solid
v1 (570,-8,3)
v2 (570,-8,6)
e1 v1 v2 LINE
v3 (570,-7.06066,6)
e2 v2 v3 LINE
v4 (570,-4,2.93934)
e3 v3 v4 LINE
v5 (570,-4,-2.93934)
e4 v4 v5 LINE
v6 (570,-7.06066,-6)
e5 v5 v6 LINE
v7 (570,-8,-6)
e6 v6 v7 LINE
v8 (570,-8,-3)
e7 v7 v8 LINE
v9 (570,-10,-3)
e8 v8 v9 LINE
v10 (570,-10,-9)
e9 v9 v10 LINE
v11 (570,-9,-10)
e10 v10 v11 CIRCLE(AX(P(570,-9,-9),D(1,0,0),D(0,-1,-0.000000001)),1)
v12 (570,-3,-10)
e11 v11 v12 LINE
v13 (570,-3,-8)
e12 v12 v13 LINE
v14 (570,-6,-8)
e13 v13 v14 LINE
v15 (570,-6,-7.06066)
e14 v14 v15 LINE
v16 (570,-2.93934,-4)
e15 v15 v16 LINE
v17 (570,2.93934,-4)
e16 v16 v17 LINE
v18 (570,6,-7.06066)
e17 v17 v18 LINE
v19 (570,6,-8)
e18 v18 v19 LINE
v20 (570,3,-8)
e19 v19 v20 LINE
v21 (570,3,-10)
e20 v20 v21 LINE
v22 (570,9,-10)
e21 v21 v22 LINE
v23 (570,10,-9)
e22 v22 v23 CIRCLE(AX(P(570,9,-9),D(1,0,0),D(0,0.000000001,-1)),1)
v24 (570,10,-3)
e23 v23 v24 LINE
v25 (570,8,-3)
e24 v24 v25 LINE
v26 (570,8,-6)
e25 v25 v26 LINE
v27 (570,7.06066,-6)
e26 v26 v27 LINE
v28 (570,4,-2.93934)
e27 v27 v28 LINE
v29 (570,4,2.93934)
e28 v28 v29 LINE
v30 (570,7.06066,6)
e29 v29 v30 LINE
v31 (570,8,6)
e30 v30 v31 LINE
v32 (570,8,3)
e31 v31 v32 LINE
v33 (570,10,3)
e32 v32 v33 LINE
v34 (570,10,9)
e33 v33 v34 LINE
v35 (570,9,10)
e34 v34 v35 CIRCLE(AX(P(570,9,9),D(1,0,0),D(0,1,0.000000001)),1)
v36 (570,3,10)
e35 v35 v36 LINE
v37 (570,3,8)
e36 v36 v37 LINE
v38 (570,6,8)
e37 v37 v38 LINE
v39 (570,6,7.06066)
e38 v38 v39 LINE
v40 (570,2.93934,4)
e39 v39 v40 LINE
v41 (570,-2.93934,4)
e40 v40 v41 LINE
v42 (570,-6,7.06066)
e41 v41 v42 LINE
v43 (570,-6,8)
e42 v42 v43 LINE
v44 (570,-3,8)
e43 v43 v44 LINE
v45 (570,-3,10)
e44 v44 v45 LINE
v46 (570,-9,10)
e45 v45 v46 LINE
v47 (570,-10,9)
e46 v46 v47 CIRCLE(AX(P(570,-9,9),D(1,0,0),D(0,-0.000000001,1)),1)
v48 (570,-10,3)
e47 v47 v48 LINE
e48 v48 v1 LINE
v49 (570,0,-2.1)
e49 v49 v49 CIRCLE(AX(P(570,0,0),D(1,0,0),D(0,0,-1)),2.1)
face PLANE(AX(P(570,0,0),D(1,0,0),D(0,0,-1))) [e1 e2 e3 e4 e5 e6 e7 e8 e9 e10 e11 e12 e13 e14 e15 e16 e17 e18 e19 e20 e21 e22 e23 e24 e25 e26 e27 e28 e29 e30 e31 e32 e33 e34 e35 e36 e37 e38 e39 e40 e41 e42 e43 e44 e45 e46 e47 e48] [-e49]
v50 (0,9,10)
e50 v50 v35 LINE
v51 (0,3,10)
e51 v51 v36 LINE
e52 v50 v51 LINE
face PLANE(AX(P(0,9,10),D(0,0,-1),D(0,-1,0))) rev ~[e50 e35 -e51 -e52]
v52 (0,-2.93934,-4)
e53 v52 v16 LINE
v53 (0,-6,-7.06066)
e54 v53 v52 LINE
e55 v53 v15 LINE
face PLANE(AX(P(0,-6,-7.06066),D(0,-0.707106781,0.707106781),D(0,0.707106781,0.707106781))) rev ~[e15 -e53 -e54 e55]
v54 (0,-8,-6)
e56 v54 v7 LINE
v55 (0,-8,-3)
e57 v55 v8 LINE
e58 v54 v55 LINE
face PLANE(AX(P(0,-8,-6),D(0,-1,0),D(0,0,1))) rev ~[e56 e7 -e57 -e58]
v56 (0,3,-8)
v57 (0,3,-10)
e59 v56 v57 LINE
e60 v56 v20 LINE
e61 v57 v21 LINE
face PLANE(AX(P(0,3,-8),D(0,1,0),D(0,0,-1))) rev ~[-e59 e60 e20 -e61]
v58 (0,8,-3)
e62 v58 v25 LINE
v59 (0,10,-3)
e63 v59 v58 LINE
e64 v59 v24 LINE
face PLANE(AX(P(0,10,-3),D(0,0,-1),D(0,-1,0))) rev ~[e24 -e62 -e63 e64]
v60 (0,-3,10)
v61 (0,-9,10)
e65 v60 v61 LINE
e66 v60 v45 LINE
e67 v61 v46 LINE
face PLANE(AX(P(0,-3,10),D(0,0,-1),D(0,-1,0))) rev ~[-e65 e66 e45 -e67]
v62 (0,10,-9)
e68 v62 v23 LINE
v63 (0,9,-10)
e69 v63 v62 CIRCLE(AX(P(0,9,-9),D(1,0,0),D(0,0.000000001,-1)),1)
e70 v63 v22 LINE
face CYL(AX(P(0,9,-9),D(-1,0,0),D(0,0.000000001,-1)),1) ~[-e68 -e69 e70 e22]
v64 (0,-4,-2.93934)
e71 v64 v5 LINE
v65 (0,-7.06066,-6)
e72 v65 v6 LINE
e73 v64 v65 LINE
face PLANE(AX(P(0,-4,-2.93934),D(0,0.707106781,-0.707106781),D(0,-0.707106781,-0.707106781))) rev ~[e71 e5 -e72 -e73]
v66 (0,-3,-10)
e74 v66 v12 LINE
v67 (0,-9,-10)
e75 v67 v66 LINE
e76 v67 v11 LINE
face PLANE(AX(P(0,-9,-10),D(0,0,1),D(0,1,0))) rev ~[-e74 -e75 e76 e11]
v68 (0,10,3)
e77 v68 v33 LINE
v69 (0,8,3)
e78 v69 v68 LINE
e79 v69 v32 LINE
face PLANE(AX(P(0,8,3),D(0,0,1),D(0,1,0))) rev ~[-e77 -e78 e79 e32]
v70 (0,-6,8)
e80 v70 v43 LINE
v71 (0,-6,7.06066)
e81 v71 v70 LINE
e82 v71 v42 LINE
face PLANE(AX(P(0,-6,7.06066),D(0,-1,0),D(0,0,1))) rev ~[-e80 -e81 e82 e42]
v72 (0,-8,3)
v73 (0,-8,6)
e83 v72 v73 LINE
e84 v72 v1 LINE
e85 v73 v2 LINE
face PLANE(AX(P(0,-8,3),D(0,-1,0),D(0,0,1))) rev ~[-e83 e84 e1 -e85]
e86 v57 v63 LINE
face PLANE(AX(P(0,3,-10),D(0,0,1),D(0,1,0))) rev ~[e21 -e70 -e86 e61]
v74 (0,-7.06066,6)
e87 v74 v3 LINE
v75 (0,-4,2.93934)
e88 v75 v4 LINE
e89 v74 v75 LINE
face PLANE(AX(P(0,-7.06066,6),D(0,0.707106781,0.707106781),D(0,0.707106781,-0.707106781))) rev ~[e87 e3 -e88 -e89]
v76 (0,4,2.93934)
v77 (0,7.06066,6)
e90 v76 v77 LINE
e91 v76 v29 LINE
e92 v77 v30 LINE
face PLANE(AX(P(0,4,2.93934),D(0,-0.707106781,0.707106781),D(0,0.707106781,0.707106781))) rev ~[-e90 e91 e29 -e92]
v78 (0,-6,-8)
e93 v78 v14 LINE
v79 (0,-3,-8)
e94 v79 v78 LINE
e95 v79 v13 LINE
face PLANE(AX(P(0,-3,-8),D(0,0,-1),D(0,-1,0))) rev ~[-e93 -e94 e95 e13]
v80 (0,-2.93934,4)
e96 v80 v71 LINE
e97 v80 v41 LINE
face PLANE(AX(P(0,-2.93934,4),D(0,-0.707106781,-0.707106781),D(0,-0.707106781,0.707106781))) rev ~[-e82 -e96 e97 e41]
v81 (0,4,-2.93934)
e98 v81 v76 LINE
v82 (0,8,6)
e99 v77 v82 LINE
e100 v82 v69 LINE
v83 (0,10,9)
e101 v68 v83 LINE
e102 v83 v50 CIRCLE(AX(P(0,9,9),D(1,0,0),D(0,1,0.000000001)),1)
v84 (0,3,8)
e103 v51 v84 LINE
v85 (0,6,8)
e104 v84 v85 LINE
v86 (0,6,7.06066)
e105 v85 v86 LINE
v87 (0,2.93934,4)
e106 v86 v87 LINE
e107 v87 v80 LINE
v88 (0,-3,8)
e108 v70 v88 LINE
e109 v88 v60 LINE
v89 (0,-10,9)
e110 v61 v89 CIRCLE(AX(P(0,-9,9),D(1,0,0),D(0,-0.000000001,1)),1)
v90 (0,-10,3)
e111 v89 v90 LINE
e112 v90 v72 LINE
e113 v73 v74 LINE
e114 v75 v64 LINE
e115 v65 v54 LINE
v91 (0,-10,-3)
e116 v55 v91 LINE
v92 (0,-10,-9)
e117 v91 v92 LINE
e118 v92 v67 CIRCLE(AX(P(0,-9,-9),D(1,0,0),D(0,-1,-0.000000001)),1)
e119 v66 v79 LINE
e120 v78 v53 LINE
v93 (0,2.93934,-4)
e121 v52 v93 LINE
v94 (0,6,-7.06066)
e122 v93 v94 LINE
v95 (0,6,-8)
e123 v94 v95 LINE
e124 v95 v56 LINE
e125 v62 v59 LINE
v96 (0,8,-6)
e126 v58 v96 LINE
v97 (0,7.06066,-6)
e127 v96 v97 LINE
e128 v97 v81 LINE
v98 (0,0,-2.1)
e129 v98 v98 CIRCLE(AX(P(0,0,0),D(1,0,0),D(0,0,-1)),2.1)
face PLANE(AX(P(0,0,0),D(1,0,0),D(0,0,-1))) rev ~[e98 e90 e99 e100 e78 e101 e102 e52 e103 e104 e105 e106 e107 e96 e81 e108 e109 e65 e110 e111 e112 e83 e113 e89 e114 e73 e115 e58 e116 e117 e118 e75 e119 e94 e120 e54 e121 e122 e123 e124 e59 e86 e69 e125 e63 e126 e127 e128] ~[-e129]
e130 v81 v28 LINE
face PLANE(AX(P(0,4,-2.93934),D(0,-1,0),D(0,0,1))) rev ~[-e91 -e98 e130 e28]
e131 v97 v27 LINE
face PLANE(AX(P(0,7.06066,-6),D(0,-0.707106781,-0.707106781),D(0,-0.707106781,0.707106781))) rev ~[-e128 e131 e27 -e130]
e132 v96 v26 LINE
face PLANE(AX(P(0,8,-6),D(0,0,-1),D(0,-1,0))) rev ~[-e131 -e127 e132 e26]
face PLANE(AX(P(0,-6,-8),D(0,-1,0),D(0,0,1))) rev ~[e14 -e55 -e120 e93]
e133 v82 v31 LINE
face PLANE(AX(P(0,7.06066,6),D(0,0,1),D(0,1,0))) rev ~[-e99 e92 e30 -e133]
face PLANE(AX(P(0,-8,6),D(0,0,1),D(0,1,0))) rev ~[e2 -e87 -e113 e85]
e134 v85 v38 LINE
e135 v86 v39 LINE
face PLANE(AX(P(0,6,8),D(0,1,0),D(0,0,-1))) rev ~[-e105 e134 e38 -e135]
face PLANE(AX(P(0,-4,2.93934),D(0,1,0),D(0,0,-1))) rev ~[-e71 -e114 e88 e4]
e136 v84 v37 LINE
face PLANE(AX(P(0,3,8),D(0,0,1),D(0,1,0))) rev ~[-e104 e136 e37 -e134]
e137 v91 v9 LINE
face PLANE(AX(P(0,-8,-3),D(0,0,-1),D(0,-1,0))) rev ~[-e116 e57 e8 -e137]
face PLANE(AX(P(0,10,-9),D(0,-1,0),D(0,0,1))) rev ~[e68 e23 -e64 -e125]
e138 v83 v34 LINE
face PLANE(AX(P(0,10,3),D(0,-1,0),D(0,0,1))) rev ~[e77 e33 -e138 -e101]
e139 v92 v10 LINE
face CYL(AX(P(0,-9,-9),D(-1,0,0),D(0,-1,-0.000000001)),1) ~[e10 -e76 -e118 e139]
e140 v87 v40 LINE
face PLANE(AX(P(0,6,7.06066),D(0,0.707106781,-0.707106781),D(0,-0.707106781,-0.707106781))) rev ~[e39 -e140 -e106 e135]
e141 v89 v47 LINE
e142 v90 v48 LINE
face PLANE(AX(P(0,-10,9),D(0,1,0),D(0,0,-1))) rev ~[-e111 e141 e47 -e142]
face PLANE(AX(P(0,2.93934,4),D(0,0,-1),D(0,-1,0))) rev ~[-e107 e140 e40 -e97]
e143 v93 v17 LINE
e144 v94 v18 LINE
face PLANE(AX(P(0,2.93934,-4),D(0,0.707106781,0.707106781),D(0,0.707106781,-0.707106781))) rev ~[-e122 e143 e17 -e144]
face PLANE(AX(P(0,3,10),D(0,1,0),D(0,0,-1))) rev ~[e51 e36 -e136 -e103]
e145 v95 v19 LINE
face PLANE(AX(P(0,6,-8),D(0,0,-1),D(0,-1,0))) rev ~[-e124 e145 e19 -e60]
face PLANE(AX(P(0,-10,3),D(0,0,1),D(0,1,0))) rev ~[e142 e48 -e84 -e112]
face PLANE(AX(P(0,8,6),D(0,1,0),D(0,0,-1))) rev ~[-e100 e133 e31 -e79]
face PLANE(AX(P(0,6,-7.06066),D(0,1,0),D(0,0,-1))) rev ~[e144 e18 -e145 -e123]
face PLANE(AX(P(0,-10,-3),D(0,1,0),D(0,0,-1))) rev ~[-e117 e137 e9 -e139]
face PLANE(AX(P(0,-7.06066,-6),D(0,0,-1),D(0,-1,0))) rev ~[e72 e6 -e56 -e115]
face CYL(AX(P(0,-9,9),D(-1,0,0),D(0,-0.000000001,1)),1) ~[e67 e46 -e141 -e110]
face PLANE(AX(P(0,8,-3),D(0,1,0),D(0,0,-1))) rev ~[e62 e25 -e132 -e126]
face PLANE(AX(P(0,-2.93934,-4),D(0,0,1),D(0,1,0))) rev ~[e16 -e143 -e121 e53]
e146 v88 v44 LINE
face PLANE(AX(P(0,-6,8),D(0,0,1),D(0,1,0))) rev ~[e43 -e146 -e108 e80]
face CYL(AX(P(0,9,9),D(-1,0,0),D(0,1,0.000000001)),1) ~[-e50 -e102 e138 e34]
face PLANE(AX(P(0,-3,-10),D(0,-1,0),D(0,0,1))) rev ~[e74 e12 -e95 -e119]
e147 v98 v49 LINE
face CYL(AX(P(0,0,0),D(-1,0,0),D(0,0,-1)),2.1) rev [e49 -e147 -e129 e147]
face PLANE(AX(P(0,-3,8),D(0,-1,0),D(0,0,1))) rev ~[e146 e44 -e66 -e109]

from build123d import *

# Parameters (mm, degrees)
SKETCH1_R           = 2.1
BOSS_EXTRUDE1_DEPTH = 570


with BuildPart() as part:
    # Sketch1 → Boss-Extrude1 (new body)
    with BuildSketch(Plane(origin=(0, 0, 0), x_dir=(0, 0, -1), z_dir=(1, 0, 0))):
        with BuildLine():
            Line((-10, 9), (-10, 3))
            Line((-10, 3), (-8, 3))
            Line((-8, 3), (-8, 6))
            Line((-8, 6), (-7.060660172, 6))
            Line((-7.060660172, 6), (-4, 2.939339828))
            Line((-4, 2.939339828), (-4, -2.939339828))
            Line((-4, -2.939339828), (-7.060660172, -6))
            Line((-7.060660172, -6), (-8, -6))
            Line((-8, -6), (-8, -3))
            Line((-8, -3), (-10, -3))
            Line((-10, -3), (-10, -9))
            ThreePointArc((-10, -9), (-9.707106781, -9.707106781), (-9, -10))
            Line((-9, -10), (-3, -10))
            Line((-3, -10), (-3, -8))
            Line((-3, -8), (-6, -8))
            Line((-6, -8), (-6, -7.060660172))
            Line((-6, -7.060660172), (-2.939339828, -4))
            Line((-2.939339828, -4), (2.939339828, -4))
            Line((2.939339828, -4), (6, -7.060660172))
            Line((6, -7.060660172), (6, -8))
            Line((6, -8), (3, -8))
            Line((3, -8), (3, -10))
            Line((3, -10), (9, -10))
            ThreePointArc((9, -10), (9.707106781, -9.707106781), (10, -9))
            Line((10, -9), (10, -3))
            Line((10, -3), (8, -3))
            Line((8, -3), (8, -6))
            Line((8, -6), (7.060660172, -6))
            Line((7.060660172, -6), (4, -2.939339828))
            Line((4, -2.939339828), (4, 2.939339828))
            Line((4, 2.939339828), (7.060660172, 6))
            Line((7.060660172, 6), (8, 6))
            Line((8, 6), (8, 3))
            Line((8, 3), (10, 3))
            Line((10, 3), (10, 9))
            ThreePointArc((10, 9), (9.707106781, 9.707106781), (9, 10))
            Line((9, 10), (3, 10))
            Line((3, 10), (3, 8))
            Line((3, 8), (6, 8))
            Line((6, 8), (6, 7.060660172))
            Line((6, 7.060660172), (2.939339828, 4))
            Line((2.939339828, 4), (-2.939339828, 4))
            Line((-2.939339828, 4), (-6, 7.060660172))
            Line((-6, 7.060660172), (-6, 8))
            Line((-6, 8), (-3, 8))
            Line((-3, 8), (-3, 10))
            Line((-3, 10), (-9, 10))
            ThreePointArc((-9, 10), (-9.707106781, 9.707106781), (-10, 9))
        make_face()
        Circle(SKETCH1_R, mode=Mode.SUBTRACT)
    extrude(amount=BOSS_EXTRUDE1_DEPTH)


solid = part.part
